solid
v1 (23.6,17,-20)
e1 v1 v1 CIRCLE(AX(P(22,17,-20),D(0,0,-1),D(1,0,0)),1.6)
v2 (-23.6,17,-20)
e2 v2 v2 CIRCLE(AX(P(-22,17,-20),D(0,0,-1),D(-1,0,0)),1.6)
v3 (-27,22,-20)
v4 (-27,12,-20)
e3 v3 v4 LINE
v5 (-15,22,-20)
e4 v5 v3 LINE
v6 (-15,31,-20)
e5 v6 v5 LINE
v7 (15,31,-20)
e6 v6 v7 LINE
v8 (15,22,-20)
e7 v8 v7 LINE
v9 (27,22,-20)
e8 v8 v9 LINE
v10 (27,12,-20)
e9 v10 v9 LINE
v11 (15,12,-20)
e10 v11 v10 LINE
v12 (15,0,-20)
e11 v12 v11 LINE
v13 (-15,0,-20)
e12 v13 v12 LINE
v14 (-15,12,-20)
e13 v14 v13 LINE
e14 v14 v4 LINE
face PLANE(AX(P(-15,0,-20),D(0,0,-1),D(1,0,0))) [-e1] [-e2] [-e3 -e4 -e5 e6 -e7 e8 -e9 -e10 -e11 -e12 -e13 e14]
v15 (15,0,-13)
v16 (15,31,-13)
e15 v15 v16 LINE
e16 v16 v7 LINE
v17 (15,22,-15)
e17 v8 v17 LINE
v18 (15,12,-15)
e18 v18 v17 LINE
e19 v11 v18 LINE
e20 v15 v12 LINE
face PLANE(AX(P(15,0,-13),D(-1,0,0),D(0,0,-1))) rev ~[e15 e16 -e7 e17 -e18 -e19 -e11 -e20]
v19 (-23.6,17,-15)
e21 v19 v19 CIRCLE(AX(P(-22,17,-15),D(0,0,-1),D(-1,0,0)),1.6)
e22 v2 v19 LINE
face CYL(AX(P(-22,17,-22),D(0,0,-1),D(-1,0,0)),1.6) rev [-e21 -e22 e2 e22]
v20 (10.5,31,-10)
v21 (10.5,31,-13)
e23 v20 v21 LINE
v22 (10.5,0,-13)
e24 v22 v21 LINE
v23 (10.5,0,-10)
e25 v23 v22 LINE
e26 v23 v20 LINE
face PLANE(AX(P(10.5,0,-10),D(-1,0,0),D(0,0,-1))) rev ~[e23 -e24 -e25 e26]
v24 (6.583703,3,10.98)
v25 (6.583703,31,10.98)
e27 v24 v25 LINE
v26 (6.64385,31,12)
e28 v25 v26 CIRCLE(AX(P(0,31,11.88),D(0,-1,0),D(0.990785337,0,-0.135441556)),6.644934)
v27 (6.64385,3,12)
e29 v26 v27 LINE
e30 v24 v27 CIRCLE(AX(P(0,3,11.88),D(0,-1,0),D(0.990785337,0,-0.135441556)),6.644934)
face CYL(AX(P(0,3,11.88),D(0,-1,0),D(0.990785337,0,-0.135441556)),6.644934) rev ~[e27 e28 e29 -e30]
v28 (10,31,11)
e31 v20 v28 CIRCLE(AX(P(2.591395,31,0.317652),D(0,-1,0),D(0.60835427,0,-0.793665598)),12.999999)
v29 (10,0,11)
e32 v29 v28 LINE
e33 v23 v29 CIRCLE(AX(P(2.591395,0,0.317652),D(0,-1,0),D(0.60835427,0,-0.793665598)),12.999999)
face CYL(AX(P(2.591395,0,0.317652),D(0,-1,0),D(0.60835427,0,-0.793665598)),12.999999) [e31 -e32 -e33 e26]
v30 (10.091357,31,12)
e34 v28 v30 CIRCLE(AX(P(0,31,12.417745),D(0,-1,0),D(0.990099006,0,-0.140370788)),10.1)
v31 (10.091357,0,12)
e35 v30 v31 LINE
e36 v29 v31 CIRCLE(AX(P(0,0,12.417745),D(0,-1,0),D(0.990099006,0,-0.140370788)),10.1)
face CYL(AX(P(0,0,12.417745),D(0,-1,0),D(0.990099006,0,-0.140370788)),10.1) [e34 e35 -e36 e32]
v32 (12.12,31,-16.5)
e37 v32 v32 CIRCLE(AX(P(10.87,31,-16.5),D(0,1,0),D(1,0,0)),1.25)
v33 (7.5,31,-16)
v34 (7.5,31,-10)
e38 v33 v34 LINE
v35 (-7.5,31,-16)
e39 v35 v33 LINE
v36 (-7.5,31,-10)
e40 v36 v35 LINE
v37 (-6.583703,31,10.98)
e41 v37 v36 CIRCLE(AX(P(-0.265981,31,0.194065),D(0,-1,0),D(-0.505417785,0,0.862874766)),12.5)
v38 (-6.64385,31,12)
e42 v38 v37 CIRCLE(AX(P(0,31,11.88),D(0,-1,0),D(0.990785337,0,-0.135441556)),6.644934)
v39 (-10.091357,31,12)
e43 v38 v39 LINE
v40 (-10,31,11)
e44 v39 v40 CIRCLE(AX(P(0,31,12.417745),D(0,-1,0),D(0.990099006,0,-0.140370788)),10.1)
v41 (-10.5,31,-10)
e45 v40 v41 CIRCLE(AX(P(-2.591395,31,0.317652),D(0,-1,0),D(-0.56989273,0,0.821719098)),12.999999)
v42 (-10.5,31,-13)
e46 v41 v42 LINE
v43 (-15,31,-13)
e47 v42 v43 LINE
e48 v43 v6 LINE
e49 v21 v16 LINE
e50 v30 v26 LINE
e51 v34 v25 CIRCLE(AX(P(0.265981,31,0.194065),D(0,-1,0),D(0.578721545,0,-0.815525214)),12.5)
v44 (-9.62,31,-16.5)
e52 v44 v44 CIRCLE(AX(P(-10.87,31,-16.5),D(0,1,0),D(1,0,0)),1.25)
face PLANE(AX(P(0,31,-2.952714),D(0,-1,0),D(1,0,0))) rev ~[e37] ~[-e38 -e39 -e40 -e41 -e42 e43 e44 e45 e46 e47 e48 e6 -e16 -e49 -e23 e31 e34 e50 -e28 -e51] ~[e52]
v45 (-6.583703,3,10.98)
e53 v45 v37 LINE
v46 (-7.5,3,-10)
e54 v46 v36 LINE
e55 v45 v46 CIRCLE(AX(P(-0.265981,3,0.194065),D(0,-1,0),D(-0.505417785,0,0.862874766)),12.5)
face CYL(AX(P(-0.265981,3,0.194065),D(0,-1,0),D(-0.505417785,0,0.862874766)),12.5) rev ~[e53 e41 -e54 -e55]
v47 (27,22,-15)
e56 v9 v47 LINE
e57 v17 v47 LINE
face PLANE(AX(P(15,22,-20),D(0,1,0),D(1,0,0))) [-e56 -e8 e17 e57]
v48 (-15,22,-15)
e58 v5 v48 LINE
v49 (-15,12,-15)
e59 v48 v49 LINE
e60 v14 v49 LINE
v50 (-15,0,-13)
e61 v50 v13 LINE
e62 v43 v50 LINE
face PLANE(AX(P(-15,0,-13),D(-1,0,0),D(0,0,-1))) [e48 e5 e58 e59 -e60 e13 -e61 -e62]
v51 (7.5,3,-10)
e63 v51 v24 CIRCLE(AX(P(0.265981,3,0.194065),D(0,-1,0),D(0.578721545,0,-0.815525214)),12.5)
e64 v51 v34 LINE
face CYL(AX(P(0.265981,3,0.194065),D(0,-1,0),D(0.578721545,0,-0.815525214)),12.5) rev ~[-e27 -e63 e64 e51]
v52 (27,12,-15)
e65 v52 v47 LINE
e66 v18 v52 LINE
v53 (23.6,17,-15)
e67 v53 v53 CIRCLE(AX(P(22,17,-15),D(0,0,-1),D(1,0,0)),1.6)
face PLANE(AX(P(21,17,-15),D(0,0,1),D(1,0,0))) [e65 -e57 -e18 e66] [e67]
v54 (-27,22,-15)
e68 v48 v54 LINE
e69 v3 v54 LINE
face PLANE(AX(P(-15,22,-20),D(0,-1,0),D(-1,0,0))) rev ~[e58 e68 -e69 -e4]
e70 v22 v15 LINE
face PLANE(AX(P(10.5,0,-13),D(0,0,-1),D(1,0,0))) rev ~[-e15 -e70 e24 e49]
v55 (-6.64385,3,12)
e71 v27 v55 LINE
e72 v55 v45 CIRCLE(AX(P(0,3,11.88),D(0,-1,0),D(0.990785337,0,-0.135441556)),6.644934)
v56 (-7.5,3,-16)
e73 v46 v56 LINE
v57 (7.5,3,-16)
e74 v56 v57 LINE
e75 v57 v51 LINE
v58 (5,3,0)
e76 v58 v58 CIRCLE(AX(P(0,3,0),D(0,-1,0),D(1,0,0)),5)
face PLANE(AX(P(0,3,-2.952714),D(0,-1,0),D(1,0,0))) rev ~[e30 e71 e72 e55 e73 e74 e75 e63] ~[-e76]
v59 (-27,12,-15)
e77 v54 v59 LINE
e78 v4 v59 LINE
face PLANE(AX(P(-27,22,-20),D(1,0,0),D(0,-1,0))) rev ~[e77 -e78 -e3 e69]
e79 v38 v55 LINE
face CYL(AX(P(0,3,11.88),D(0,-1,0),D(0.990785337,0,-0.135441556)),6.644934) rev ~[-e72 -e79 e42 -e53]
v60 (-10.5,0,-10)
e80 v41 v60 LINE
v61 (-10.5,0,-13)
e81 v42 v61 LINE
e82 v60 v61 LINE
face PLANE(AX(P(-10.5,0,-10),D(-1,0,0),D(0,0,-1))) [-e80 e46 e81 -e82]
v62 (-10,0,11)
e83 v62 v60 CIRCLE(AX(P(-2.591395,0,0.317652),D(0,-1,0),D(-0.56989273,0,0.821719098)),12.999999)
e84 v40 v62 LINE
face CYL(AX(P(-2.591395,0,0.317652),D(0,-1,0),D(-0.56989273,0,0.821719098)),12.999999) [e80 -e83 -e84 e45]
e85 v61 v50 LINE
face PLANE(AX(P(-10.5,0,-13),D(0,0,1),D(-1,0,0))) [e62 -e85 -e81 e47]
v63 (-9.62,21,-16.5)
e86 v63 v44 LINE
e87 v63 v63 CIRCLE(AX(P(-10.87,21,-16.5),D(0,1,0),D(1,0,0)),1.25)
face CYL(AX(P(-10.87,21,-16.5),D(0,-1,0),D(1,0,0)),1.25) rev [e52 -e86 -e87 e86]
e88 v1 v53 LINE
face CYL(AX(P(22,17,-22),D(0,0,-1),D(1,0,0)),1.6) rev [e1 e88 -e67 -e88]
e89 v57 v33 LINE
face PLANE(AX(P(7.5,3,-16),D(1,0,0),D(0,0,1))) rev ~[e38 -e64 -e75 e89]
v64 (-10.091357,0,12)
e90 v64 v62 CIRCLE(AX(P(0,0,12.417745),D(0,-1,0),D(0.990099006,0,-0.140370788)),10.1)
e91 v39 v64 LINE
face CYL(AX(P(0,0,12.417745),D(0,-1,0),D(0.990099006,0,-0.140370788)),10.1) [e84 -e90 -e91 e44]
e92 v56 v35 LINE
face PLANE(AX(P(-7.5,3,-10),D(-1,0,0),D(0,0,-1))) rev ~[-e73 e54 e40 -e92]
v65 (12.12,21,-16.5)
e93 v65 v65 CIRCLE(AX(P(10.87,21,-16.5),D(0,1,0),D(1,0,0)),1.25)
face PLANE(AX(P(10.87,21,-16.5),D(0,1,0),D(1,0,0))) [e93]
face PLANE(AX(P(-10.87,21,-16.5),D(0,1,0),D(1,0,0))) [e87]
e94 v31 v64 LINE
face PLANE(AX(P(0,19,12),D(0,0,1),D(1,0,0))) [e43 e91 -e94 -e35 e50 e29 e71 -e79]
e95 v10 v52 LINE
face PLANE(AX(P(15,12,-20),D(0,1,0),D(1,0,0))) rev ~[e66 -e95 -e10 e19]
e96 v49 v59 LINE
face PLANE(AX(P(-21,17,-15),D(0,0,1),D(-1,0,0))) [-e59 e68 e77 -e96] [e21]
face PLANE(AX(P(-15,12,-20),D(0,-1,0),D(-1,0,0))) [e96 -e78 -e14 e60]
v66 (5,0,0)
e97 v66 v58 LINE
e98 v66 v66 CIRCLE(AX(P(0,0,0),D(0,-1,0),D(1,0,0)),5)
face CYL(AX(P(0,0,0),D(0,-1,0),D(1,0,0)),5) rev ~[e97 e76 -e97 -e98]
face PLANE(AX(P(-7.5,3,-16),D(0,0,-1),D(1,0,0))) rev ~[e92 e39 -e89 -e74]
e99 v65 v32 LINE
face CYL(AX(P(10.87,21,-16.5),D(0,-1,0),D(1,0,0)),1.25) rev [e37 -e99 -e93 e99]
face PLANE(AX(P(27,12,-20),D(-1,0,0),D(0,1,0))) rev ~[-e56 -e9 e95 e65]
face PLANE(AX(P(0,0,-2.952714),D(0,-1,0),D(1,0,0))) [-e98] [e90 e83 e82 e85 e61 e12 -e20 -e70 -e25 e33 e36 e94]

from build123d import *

# Parameters (mm, degrees)
BOX043_W               = 24
BOX043_H               = 42
BOX043_DEPTH           = 13
SKETCH021_R            = 5
EXTRUDE021_DEPTH       = 3
CYLINDER038_R          = 1.6
CYLINDER038_DEPTH      = 10
BOX042_W               = 12
BOX042_H               = 10
BOX042_DEPTH           = 5
CUT030_PLACEMENT_ANGLE = 180
CYLINDER037_R          = 1.6
CYLINDER037_DEPTH      = 10
BOX041_W               = 12
BOX041_H               = 10
BOX041_DEPTH           = 5
BOX040_W               = 3
BOX040_H               = 2
BOX040_DEPTH           = 2
CYLINDER036_R          = 1.25
CYLINDER036_DEPTH      = 10
CYLINDER035_R          = 1.25
CYLINDER035_DEPTH      = 10
EXTRUDE020_DEPTH       = 28


with BuildPart() as cube025:
    # Box043 → Box043 (new body)
    with BuildSketch(Plane(origin=(-12, -2, 12), x_dir=(1, 0, 0), z_dir=(0, 0, 1))):
        with Locations((12, 21)):
            Rectangle(BOX043_W, BOX043_H)
    extrude(amount=BOX043_DEPTH)


with BuildPart() as front_cover:
    # Sketch021 → Extrude021 (new body)
    with BuildSketch(Plane.XZ):
        with BuildLine():
            ThreePointArc((10, 11), (0, 22.517745), (-10, 11))
            ThreePointArc((-10, 11), (-15.587711, 0.627088), (-10.5, -10))
            Line((-10.5, -10), (-10.5, -13))
            Line((-10.5, -13), (-15, -13))
            Line((-15, -13), (-15, -20))
            Line((-15, -20), (15, -20))
            Line((15, -13), (15, -20))
            Line((10.5, -13), (15, -13))
            Line((10.5, -10), (10.5, -13))
            ThreePointArc((10.5, -10), (15.587711, 0.627088), (10, 11))
        make_face()
        Circle(SKETCH021_R, mode=Mode.SUBTRACT)
    extrude(amount=-EXTRUDE021_DEPTH)


with BuildPart() as cylinder038:
    # Cylinder038 → Cylinder038 (new body)
    with BuildSketch(Plane(origin=(22, 17, -22), x_dir=(1, 0, 0), z_dir=(0, 0, 1))):
        Circle(CYLINDER038_R)
    extrude(amount=CYLINDER038_DEPTH)


with BuildPart() as cut030:
    # Box042 → Box042 (new body)
    with BuildSketch(Plane(origin=(15, 12, -20), x_dir=(1, 0, 0), z_dir=(0, 0, 1))):
        with Locations((6, 5)):
            Rectangle(BOX042_W, BOX042_H)
    extrude(amount=BOX042_DEPTH)

    # Cut030: cut Cylinder038
    add(cylinder038.part, mode=Mode.SUBTRACT)


with BuildPart() as cut030_1:
    # Cut030 placement: moved
    add(cut030.part.moved(Location((0, 34, 0))).rotate(Axis((0, 34, 0), (0, 0, 1)), CUT030_PLACEMENT_ANGLE))


with BuildPart() as cylinder037:
    # Cylinder037 → Cylinder037 (new body)
    with BuildSketch(Plane(origin=(22, 17, -22), x_dir=(1, 0, 0), z_dir=(0, 0, 1))):
        Circle(CYLINDER037_R)
    extrude(amount=CYLINDER037_DEPTH)


with BuildPart() as cut029:
    # Box041 → Box041 (new body)
    with BuildSketch(Plane(origin=(15, 12, -20), x_dir=(1, 0, 0), z_dir=(0, 0, 1))):
        with Locations((6, 5)):
            Rectangle(BOX041_W, BOX041_H)
    extrude(amount=BOX041_DEPTH)

    # Cut029: cut Cylinder037
    add(cylinder037.part, mode=Mode.SUBTRACT)


with BuildPart() as cube022:
    # Box040 → Box040 (new body)
    with BuildSketch(Plane(origin=(-1.5, 29, 19.5), x_dir=(1, 0, 0), z_dir=(0, 0, 1))):
        with Locations((1.5, 1)):
            Rectangle(BOX040_W, BOX040_H)
    extrude(amount=BOX040_DEPTH)


with BuildPart() as cylinder036:
    # Cylinder036 → Cylinder036 (new body)
    with BuildSketch(Plane(origin=(-10.87, 21, -16.5), x_dir=(1, 0, 0), z_dir=(0, 1, 0))):
        Circle(CYLINDER036_R)
    extrude(amount=CYLINDER036_DEPTH)


with BuildPart() as m2_cyl:
    # Cylinder035 → Cylinder035 (new body)
    with BuildSketch(Plane(origin=(10.87, 21, -16.5), x_dir=(1, 0, 0), z_dir=(0, 1, 0))):
        Circle(CYLINDER035_R)
    extrude(amount=CYLINDER035_DEPTH)

    # Fusion024: union Cylinder036
    add(cylinder036.part)


with BuildPart() as outerbox:
    # Sketch020 → Extrude020 (new body)
    with BuildSketch(Plane.XZ):
        with BuildLine():
            ThreePointArc((10, 11), (0, 22.517745), (-10, 11))
            ThreePointArc((-10, 11), (-15.587711, 0.627088), (-10.5, -10))
            Line((-10.5, -10), (-10.5, -13))
            Line((-10.5, -13), (-15, -13))
            Line((-15, -13), (-15, -20))
            Line((-15, -20), (15, -20))
            Line((15, -13), (15, -20))
            Line((10.5, -13), (15, -13))
            Line((10.5, -10), (10.5, -13))
            ThreePointArc((10.5, -10), (15.587711, 0.627088), (10, 11))
        make_face()
        with BuildLine():
            Line((-7.5, -10), (-7.5, -16))
            Line((-7.5, -16), (7.5, -16))
            Line((7.5, -16), (7.5, -10))
            ThreePointArc((7.5, -10), (12.754076, 0.73948), (6.583703, 10.98))
            ThreePointArc((6.583703, 10.98), (0, 18.524934), (-6.583703, 10.98))
            ThreePointArc((-6.583703, 10.98), (-12.754076, 0.73948), (-7.5, -10))
        make_face(mode=Mode.SUBTRACT)
    extrude(amount=-EXTRUDE020_DEPTH)


with BuildPart() as outerbox_1:
    # Extrude020 placement: moved
    add(outerbox.part.moved(Location((0, 3, 0))))

    # Cut027: cut m2_cyl
    add(m2_cyl.part, mode=Mode.SUBTRACT)

    # Cut028: cut Cube022
    add(cube022.part, mode=Mode.SUBTRACT)

    # Fusion026: union Front_cover, Cut030, Cut029
    add(front_cover.part)
    add(cut030_1.part)
    add(cut029.part)

    # Cut031: cut Cube025
    add(cube025.part, mode=Mode.SUBTRACT)


solid = outerbox_1.part
